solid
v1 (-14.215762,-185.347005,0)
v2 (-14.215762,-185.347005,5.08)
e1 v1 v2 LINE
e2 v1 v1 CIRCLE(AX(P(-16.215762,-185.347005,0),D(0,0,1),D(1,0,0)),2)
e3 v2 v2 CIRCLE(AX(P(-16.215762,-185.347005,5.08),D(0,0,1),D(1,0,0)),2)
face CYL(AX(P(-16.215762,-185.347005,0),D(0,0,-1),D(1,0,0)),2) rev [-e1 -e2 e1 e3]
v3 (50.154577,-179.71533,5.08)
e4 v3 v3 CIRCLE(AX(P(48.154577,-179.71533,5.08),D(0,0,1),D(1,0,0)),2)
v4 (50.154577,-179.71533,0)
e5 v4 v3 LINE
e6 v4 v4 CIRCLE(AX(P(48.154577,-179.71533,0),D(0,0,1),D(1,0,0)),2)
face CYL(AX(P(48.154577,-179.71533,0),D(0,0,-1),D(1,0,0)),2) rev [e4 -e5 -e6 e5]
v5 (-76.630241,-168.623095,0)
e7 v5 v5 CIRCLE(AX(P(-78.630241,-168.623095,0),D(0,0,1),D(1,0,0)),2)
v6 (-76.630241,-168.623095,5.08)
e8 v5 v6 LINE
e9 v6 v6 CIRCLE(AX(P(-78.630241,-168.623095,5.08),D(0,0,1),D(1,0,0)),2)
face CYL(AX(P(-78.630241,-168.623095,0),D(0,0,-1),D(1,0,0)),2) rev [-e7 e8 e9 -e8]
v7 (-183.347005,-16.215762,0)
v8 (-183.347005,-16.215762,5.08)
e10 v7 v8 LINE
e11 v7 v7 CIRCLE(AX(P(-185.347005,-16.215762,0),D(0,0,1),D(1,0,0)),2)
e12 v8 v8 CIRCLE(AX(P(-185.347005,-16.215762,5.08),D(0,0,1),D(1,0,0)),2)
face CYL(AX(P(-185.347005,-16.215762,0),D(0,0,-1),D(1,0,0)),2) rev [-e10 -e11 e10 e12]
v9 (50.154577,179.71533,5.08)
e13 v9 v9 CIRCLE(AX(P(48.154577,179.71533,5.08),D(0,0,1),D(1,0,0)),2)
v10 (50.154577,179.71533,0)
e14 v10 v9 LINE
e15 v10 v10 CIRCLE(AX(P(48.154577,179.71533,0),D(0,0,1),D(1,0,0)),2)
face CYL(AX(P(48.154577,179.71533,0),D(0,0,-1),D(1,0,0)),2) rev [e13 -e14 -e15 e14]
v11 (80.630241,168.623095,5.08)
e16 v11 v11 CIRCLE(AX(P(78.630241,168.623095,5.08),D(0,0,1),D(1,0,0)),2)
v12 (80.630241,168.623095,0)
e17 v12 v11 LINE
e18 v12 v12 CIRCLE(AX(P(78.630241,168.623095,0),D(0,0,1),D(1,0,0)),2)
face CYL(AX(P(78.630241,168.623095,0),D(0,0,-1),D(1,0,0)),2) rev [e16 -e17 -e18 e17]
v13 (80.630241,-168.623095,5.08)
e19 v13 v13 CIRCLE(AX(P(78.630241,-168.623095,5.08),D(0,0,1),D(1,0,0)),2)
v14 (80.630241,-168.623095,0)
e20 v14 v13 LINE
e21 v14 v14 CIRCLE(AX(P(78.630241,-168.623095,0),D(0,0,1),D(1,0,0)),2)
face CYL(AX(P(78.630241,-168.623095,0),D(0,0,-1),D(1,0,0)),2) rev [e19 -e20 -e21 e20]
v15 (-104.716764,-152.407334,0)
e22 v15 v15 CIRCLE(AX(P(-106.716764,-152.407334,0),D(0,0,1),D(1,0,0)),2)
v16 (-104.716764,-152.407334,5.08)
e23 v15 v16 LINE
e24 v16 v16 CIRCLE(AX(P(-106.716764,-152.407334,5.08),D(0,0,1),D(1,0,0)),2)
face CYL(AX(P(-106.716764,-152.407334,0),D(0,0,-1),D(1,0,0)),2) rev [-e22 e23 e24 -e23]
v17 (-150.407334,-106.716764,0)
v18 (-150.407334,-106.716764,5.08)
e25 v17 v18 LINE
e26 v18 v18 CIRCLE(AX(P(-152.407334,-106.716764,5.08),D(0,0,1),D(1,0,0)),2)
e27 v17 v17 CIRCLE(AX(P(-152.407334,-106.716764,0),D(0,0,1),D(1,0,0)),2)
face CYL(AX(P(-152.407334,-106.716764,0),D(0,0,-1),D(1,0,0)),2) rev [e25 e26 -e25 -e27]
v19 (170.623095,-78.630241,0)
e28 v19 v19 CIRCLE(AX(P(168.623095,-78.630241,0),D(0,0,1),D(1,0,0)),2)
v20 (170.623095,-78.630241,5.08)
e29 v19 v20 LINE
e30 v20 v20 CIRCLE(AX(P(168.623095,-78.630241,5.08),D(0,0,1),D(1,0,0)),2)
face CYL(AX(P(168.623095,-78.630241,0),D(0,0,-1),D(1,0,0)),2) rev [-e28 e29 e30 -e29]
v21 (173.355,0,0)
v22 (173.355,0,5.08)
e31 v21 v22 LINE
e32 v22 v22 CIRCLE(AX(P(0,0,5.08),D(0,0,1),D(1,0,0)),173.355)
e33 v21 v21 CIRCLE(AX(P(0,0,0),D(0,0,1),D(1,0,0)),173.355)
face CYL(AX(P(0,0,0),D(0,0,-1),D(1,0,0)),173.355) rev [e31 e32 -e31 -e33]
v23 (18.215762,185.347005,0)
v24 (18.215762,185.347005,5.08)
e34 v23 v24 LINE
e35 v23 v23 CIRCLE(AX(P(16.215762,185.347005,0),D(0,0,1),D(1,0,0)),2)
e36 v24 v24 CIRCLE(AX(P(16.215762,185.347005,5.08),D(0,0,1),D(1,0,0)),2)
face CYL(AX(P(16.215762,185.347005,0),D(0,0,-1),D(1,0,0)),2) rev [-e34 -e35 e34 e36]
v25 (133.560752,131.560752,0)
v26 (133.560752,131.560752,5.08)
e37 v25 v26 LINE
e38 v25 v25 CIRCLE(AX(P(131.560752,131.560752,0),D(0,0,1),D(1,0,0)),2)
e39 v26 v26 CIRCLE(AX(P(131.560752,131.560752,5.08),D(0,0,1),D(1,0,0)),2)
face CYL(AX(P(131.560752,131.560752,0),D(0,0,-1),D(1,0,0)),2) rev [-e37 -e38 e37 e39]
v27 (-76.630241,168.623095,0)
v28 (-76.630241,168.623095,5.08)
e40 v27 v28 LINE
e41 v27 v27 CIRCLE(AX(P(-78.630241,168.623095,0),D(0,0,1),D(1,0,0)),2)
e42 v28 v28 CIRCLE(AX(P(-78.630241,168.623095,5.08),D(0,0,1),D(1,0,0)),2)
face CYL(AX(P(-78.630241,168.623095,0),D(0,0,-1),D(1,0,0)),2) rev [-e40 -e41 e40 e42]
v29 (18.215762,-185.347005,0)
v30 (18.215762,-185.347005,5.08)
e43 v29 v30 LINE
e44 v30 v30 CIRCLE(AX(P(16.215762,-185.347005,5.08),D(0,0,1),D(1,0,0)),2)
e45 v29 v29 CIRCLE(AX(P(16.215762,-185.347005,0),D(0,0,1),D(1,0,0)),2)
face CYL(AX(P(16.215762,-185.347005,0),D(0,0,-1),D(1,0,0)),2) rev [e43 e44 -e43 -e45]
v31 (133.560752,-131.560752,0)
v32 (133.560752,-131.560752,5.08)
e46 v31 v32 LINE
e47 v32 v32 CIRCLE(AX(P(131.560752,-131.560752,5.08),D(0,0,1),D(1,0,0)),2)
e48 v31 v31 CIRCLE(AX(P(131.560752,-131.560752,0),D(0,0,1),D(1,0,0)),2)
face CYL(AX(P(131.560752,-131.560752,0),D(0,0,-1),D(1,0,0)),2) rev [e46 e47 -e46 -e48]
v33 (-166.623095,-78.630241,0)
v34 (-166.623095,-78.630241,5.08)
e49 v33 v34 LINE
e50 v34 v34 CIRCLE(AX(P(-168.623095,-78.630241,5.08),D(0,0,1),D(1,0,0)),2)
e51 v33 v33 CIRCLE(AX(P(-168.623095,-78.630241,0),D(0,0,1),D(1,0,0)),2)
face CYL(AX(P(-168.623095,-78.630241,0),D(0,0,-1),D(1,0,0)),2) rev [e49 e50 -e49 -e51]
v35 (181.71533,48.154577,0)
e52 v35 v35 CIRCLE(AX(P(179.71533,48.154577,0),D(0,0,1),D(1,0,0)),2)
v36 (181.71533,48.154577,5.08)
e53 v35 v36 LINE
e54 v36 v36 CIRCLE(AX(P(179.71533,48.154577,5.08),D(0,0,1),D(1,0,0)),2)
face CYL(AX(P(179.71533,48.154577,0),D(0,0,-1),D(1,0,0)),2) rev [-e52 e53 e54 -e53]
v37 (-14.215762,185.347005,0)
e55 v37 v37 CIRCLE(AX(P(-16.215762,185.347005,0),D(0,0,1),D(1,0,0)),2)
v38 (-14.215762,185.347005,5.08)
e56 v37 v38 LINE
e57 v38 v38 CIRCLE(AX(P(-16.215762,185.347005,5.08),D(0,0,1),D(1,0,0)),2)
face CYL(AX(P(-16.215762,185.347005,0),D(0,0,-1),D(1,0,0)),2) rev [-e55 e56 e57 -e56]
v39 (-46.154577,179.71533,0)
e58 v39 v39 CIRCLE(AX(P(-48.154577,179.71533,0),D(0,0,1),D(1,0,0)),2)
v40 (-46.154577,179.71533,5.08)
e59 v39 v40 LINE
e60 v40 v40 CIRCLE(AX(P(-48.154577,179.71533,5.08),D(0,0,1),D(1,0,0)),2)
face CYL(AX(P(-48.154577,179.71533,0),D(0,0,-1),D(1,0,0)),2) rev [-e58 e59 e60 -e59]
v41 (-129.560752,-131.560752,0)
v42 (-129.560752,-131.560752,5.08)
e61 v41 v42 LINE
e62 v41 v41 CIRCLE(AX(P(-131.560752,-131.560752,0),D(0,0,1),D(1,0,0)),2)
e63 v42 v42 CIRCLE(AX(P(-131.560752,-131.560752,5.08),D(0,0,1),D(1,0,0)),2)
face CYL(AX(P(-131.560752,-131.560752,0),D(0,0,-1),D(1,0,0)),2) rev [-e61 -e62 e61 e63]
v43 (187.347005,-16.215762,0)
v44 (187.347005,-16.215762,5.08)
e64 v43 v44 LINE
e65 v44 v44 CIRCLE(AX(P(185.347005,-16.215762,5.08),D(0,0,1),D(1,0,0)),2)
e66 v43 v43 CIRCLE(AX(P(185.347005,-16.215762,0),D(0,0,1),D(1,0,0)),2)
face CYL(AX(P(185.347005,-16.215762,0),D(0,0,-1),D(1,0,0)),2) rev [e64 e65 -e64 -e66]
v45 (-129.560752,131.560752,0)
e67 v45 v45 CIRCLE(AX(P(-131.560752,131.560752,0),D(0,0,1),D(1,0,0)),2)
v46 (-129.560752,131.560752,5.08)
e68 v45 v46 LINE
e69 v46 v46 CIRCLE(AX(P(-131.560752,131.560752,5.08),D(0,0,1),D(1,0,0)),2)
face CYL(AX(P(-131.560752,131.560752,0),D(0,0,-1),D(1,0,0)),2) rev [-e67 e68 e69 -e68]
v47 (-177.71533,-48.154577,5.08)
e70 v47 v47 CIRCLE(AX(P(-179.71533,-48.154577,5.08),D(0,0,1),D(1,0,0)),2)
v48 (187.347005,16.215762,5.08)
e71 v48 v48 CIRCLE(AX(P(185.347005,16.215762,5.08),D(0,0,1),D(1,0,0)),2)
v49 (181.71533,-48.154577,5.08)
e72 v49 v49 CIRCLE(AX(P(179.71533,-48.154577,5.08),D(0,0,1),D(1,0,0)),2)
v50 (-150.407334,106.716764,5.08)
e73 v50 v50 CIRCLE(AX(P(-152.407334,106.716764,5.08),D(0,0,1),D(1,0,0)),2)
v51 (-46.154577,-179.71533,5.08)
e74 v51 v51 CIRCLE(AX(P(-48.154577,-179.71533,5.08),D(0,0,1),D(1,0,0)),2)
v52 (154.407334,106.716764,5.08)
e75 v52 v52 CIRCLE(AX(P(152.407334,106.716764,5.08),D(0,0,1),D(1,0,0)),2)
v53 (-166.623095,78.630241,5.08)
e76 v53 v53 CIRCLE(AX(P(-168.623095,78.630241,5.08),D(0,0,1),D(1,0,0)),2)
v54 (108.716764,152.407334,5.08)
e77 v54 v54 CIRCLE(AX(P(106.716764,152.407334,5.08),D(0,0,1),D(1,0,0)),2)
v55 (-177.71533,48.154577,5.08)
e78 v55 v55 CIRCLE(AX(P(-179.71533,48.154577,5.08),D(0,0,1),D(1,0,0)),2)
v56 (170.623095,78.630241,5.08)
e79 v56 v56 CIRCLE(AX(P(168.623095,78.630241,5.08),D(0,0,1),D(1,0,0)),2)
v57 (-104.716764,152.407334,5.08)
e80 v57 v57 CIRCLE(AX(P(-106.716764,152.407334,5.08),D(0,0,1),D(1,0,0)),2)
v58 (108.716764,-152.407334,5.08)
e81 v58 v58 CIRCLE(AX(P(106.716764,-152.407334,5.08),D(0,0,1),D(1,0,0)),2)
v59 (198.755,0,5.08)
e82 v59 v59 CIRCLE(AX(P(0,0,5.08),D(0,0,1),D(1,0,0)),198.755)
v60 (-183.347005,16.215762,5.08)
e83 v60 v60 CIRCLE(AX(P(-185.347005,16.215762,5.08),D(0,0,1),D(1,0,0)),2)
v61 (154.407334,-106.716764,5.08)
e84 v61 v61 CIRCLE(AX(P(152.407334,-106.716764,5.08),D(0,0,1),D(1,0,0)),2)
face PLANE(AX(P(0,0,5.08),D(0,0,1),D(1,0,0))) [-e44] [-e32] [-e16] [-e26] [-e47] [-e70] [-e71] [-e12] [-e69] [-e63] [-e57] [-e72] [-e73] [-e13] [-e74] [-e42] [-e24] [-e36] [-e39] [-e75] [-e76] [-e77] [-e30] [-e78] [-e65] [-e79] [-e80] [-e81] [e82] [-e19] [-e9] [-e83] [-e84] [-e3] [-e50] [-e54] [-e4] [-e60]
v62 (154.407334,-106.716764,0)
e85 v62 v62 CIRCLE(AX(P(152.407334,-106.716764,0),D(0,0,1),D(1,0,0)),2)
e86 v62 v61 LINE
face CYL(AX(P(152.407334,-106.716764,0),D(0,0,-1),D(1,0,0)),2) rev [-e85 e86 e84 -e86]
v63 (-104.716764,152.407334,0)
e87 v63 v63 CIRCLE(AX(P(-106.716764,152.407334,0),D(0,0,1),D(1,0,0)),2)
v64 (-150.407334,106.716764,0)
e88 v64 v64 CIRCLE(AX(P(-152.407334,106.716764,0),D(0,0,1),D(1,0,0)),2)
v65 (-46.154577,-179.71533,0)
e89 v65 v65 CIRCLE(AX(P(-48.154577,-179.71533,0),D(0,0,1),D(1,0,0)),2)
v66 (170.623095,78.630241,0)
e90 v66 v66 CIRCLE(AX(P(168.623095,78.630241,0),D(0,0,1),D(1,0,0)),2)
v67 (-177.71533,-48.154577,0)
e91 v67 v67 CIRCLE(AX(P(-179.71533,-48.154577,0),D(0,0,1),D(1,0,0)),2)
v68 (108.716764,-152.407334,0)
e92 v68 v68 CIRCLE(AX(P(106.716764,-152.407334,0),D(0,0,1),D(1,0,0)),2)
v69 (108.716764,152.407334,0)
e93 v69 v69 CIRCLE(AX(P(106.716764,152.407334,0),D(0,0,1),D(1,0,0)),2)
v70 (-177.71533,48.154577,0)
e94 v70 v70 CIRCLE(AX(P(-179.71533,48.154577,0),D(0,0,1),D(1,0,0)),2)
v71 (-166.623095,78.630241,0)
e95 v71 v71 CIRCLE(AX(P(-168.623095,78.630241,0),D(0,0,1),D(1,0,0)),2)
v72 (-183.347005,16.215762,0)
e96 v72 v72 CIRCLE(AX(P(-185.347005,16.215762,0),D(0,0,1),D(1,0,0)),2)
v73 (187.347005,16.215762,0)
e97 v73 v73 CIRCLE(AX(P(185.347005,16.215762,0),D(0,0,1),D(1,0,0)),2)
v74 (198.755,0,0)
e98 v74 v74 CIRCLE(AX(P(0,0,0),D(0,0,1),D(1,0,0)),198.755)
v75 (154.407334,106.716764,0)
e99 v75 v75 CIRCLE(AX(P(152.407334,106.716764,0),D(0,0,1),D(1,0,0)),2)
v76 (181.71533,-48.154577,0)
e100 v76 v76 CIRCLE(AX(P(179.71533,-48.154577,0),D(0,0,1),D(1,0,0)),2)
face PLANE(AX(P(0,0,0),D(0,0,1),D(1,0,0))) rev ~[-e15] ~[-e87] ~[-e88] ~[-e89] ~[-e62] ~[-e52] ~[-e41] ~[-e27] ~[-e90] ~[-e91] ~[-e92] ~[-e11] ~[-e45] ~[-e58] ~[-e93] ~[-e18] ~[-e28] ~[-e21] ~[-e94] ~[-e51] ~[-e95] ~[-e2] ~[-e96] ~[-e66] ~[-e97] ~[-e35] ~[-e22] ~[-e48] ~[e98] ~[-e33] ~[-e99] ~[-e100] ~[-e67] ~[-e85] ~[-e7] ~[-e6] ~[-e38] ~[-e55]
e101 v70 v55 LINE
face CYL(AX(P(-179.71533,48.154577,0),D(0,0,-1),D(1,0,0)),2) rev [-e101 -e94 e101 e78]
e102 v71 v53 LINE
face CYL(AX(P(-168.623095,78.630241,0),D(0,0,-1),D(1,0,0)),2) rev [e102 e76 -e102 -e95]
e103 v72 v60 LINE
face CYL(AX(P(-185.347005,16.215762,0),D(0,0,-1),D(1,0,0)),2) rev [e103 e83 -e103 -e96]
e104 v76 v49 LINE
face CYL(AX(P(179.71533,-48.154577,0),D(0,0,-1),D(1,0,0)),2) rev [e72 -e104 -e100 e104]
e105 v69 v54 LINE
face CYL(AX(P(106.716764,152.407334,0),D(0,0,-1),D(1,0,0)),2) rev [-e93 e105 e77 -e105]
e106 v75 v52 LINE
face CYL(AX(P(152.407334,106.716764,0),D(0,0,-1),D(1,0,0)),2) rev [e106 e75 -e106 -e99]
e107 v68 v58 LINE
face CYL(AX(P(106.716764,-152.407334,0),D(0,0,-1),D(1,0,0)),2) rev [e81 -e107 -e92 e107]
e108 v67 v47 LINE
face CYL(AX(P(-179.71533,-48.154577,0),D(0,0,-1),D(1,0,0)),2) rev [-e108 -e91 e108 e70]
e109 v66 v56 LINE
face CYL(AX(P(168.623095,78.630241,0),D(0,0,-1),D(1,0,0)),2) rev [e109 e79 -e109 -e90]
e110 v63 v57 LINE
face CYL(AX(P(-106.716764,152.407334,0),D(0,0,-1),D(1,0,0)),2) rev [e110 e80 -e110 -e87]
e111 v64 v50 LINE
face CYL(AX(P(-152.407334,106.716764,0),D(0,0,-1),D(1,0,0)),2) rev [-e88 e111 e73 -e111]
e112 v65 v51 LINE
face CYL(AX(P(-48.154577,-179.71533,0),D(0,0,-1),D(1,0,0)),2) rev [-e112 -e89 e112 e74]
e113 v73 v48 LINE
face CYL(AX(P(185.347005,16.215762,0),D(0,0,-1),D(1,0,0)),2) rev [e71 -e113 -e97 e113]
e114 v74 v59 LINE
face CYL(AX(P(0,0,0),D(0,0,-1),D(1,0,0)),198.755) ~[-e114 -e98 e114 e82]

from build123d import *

# Parameters (mm, degrees)
F0_R     = 198.755
F0_R_2   = 2
F0_R_3   = 173.355
F1_DEPTH = 5.08


with BuildPart() as f1:
    # F0 (on Top) → F1 (new body)
    with BuildSketch(Plane.XY):
        Circle(F0_R)
        with Locations((-106.716764, -152.407334)):
            Circle(F0_R_2, mode=Mode.SUBTRACT)
        with Locations((-152.407334, -106.716764)):
            Circle(F0_R_2, mode=Mode.SUBTRACT)
        with Locations((-131.560752, -131.560752)):
            Circle(F0_R_2, mode=Mode.SUBTRACT)
        with Locations((-78.630241, -168.623095)):
            Circle(F0_R_2, mode=Mode.SUBTRACT)
        with Locations((-48.154577, -179.71533)):
            Circle(F0_R_2, mode=Mode.SUBTRACT)
        with Locations((-16.215762, -185.347005)):
            Circle(F0_R_2, mode=Mode.SUBTRACT)
        with Locations((-168.623095, -78.630241)):
            Circle(F0_R_2, mode=Mode.SUBTRACT)
        with Locations((-179.71533, -48.154577)):
            Circle(F0_R_2, mode=Mode.SUBTRACT)
        with Locations((-185.347005, -16.215762)):
            Circle(F0_R_2, mode=Mode.SUBTRACT)
        Circle(F0_R_3, mode=Mode.SUBTRACT)
        with Locations((16.215762, -185.347005)):
            Circle(F0_R_2, mode=Mode.SUBTRACT)
        with Locations((48.154577, -179.71533)):
            Circle(F0_R_2, mode=Mode.SUBTRACT)
        with Locations((78.630241, -168.623095)):
            Circle(F0_R_2, mode=Mode.SUBTRACT)
        with Locations((106.716764, -152.407334)):
            Circle(F0_R_2, mode=Mode.SUBTRACT)
        with Locations((131.560752, -131.560752)):
            Circle(F0_R_2, mode=Mode.SUBTRACT)
        with Locations((152.407334, -106.716764)):
            Circle(F0_R_2, mode=Mode.SUBTRACT)
        with Locations((168.623095, -78.630241)):
            Circle(F0_R_2, mode=Mode.SUBTRACT)
        with Locations((179.71533, -48.154577)):
            Circle(F0_R_2, mode=Mode.SUBTRACT)
        with Locations((185.347005, -16.215762)):
            Circle(F0_R_2, mode=Mode.SUBTRACT)
        with Locations((-185.347005, 16.215762)):
            Circle(F0_R_2, mode=Mode.SUBTRACT)
        with Locations((-179.71533, 48.154577)):
            Circle(F0_R_2, mode=Mode.SUBTRACT)
        with Locations((-168.623095, 78.630241)):
            Circle(F0_R_2, mode=Mode.SUBTRACT)
        with Locations((-152.407334, 106.716764)):
            Circle(F0_R_2, mode=Mode.SUBTRACT)
        with Locations((-131.560752, 131.560752)):
            Circle(F0_R_2, mode=Mode.SUBTRACT)
        with Locations((-106.716764, 152.407334)):
            Circle(F0_R_2, mode=Mode.SUBTRACT)
        with Locations((-78.630241, 168.623095)):
            Circle(F0_R_2, mode=Mode.SUBTRACT)
        with Locations((-48.154577, 179.71533)):
            Circle(F0_R_2, mode=Mode.SUBTRACT)
        with Locations((-16.215762, 185.347005)):
            Circle(F0_R_2, mode=Mode.SUBTRACT)
        with Locations((185.347005, 16.215762)):
            Circle(F0_R_2, mode=Mode.SUBTRACT)
        with Locations((179.71533, 48.154577)):
            Circle(F0_R_2, mode=Mode.SUBTRACT)
        with Locations((168.623095, 78.630241)):
            Circle(F0_R_2, mode=Mode.SUBTRACT)
        with Locations((16.215762, 185.347005)):
            Circle(F0_R_2, mode=Mode.SUBTRACT)
        with Locations((48.154577, 179.71533)):
            Circle(F0_R_2, mode=Mode.SUBTRACT)
        with Locations((78.630241, 168.623095)):
            Circle(F0_R_2, mode=Mode.SUBTRACT)
        with Locations((131.560752, 131.560752)):
            Circle(F0_R_2, mode=Mode.SUBTRACT)
        with Locations((152.407334, 106.716764)):
            Circle(F0_R_2, mode=Mode.SUBTRACT)
        with Locations((106.716764, 152.407334)):
            Circle(F0_R_2, mode=Mode.SUBTRACT)
    extrude(amount=F1_DEPTH)


solid = f1.part
